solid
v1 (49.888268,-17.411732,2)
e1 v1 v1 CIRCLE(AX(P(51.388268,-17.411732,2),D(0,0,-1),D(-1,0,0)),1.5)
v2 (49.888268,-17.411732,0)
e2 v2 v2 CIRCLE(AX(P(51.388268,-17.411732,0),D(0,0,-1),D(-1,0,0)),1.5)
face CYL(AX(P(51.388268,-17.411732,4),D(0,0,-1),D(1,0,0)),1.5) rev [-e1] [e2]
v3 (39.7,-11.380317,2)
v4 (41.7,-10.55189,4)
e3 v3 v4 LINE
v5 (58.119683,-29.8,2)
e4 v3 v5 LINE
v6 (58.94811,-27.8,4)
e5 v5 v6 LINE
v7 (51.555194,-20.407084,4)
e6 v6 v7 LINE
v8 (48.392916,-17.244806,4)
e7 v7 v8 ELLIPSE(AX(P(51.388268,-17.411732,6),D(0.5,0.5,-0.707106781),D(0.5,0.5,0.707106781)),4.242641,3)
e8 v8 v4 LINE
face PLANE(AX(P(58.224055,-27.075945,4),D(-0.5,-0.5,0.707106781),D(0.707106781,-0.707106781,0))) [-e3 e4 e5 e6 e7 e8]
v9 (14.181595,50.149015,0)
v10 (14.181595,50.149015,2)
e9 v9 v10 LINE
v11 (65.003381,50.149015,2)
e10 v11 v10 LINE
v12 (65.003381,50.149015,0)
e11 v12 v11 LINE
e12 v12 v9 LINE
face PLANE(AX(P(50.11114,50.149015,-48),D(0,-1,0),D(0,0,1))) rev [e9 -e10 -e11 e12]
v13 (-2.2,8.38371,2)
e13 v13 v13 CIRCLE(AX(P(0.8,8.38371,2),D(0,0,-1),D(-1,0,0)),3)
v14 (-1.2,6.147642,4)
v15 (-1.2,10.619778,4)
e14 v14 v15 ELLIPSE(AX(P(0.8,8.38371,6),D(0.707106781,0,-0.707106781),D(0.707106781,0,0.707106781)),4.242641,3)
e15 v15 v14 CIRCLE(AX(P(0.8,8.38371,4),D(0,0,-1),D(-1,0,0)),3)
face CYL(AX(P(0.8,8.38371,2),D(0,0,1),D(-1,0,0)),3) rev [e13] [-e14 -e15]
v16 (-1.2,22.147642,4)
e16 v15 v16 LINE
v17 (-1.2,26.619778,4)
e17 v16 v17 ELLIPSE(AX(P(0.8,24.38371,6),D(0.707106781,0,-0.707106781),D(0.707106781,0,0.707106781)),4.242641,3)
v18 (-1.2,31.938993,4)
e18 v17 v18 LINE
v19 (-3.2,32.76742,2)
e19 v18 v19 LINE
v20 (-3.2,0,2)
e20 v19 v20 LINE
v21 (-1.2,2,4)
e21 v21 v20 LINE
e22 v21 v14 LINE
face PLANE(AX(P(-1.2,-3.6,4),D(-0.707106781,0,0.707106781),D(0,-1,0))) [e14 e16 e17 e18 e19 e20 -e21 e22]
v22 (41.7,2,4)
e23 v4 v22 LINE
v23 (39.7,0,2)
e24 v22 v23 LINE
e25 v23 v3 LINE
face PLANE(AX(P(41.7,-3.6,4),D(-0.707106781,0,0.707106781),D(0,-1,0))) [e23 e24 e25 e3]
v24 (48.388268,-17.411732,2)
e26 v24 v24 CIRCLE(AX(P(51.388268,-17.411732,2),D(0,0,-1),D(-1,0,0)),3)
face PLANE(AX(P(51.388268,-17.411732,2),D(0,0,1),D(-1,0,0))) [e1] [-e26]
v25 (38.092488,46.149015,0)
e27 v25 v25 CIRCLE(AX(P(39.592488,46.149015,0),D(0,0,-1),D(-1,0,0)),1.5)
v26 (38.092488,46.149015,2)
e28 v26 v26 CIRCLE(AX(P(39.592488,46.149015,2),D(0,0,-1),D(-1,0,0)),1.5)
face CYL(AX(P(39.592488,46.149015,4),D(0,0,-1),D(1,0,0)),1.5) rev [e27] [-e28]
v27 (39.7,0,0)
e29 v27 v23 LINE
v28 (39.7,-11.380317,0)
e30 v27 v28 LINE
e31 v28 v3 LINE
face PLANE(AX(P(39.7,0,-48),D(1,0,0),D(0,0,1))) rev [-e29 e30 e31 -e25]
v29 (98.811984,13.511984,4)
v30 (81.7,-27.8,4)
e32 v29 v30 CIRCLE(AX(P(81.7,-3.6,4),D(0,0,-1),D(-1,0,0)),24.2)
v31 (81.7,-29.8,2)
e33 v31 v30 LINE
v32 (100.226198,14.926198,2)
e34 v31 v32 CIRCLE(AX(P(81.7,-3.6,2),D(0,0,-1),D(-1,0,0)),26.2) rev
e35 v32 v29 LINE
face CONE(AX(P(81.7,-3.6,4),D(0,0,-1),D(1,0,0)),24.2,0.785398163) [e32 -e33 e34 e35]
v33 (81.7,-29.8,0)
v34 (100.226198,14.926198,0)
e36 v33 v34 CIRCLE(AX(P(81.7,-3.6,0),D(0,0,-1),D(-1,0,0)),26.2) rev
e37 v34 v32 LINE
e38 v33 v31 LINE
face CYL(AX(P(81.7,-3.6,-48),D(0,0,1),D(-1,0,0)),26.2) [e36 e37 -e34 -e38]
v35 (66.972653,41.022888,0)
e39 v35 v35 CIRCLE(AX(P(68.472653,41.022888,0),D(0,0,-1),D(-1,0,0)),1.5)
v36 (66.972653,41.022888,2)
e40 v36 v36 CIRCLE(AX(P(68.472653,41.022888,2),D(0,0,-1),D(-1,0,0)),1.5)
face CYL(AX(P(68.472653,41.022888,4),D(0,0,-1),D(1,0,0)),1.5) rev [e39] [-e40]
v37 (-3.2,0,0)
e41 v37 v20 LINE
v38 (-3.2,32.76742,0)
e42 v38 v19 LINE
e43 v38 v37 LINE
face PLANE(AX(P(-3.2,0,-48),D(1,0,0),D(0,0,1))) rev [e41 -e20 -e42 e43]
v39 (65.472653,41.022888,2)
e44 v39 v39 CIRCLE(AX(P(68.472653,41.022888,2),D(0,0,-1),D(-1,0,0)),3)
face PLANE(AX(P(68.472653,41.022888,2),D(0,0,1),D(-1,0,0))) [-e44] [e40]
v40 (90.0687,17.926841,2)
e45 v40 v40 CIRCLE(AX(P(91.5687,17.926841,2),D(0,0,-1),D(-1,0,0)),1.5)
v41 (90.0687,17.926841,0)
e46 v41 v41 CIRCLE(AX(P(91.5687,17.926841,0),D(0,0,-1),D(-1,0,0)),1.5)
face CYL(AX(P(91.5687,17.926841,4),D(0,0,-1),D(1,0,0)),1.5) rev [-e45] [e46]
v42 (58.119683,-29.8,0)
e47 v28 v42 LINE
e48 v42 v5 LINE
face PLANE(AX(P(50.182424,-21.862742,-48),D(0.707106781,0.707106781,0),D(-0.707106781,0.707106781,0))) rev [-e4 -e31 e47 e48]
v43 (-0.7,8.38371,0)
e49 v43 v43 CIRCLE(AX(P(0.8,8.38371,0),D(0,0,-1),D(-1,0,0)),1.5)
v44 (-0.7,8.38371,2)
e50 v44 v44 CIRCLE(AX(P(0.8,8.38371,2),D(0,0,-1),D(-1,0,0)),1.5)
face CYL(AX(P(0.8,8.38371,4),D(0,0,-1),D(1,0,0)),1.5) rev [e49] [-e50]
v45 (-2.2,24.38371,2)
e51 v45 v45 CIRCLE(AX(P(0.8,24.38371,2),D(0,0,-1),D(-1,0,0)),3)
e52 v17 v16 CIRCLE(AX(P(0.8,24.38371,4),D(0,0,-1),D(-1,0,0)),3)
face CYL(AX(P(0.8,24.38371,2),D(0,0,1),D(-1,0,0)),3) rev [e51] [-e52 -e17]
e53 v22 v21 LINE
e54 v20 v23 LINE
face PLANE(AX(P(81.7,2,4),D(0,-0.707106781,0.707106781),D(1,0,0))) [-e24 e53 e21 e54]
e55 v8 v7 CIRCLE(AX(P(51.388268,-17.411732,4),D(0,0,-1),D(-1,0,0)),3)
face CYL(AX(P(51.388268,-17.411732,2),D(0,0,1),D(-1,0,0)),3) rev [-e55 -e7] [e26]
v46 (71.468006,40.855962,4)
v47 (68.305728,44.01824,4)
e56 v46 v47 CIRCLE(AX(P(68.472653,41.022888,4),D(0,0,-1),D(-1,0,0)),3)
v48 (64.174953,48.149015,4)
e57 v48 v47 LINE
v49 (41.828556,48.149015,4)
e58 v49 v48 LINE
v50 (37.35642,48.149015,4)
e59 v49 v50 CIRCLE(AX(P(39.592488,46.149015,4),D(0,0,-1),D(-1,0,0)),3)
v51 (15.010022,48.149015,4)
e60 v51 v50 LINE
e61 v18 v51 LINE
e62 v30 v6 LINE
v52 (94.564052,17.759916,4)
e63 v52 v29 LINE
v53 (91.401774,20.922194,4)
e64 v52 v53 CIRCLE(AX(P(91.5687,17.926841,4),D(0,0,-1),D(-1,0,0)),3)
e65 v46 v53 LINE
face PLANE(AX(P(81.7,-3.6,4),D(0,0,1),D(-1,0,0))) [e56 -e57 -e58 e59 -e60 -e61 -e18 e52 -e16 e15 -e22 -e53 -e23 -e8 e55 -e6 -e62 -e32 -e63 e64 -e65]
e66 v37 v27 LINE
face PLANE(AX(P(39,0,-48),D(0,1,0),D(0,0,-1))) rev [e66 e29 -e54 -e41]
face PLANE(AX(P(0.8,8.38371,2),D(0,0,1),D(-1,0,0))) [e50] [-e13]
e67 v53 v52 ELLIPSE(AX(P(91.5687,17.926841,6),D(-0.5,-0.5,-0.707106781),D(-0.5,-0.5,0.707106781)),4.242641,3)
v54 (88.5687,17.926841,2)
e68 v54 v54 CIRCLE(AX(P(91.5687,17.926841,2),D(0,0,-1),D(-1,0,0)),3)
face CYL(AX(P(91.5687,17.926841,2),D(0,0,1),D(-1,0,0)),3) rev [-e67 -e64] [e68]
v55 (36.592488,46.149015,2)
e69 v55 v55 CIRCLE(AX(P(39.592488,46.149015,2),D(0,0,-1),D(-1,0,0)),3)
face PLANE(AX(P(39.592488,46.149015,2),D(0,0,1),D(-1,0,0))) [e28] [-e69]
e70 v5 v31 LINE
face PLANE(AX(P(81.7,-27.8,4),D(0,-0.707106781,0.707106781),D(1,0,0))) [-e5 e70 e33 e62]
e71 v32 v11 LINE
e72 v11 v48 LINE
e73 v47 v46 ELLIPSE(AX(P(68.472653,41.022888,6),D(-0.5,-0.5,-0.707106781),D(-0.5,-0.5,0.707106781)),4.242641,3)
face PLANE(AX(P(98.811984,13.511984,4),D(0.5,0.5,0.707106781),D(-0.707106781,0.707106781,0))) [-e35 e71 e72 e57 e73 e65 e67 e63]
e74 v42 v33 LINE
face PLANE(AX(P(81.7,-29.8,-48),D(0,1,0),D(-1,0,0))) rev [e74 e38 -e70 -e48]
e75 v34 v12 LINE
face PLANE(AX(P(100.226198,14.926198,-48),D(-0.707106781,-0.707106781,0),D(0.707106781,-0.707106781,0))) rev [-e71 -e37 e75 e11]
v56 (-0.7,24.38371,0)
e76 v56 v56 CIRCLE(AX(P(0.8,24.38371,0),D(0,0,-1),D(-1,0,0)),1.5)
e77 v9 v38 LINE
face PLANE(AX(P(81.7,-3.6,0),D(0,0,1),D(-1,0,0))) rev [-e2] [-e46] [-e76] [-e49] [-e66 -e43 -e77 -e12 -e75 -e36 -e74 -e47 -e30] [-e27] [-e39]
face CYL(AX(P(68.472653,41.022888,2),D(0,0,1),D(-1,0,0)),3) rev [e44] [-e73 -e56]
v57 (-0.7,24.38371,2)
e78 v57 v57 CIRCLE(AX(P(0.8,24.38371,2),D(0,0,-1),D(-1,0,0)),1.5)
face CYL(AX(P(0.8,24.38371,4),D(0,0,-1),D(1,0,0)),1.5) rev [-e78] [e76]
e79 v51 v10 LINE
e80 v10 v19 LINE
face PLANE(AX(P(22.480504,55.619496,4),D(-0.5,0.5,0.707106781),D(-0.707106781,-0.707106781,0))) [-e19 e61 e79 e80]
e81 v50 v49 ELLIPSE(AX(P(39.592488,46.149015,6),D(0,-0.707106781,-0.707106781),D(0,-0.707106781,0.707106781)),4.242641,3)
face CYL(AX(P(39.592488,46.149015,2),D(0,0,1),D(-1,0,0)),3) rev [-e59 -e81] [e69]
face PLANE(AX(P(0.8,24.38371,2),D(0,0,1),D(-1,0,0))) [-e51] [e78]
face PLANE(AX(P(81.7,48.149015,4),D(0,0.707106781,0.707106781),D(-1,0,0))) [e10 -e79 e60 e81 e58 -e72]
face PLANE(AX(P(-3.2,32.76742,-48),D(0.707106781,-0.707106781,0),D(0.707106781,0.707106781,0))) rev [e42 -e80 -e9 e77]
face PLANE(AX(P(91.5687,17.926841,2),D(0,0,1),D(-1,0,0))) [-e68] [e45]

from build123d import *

# Parameters (mm, degrees)
RESSALTO_EXTRUS_O1_DEPTH = 48
ESBO_O12_R               = 1.5
CORTE_EXTRUS_O10_DEPTH   = 10
ESBO_O13_R               = 1.5
CORTE_EXTRUS_O11_DEPTH   = 10
ESBO_O14_R               = 1.5
CORTE_EXTRUS_O12_DEPTH   = 10
ESBO_O15_R               = 1.5
CORTE_EXTRUS_O13_DEPTH   = 10
CORTE_EXTRUS_O14_DEPTH   = 10
ESBO_O17_R               = 4
ESBO_O17_W               = 2.8
ESBO_O17_H               = 2.8
RESSALTO_EXTRUS_O2_DEPTH = 4
ESBO_O18_R               = 1.5
RESSALTO_EXTRUS_O3_DEPTH = 4
CHANFRO1_SIZE            = 2
CORTE_EXTRUS_O15_DEPTH   = 48
ESBO_O20_R               = 3
CORTE_EXTRUS_O16_DEPTH   = 2
CORTE_EXTRUS_O17_DEPTH   = 10


with BuildPart() as part:
    # Model → Ressalto-extrusão1 (new body)
    with BuildSketch(Plane.XY):
        with BuildLine():
            Line((-0.7, 0), (39, 0))
            Line((39, 0), (39.7, 0))
            Line((39.7, 0), (39.7, -11.380317396))
            Line((39.7, -11.380317396), (50.182424304, -21.8627417))
            Line((50.182424304, -21.8627417), (58.119682605, -29.8))
            Line((58.119682605, -29.8), (81.7, -29.8))
            ThreePointArc((81.7, -29.8), (105.905643752, -13.626305928), (100.226197667, 14.926197667))
            Line((100.226197667, 14.926197667), (65.00338056, 50.149014774))
            Line((65.00338056, 50.149014774), (50.111140335, 50.149014774))
            Line((50.111140335, 50.149014774), (14.181595121, 50.149014774))
            Line((14.181595121, 50.149014774), (-3.2, 32.767419653))
            Line((-3.2, 32.767419653), (-3.2, 5))
            Line((-3.2, 5), (-3.2, 0))
            Line((-3.2, 0), (-0.7, 0))
        make_face()
        with BuildLine():
            Line((-0.7, 2.5), (39, 2.5))
            Line((39, 2.5), (39.7, 2.5))
            Line((39.7, 2.5), (42.2, 2.5))
            Line((42.2, 2.5), (42.2, -10.34478349))
            Line((42.2, -10.34478349), (51.950191257, -20.094974747))
            Line((51.950191257, -20.094974747), (59.15521651, -27.3))
            Line((59.15521651, -27.3), (81.7, -27.3))
            ThreePointArc((81.7, -27.3), (103.595944921, -12.669597347), (98.458430714, 13.158430714))
            Line((98.458430714, 13.158430714), (63.967846654, 47.649014774))
            Line((63.967846654, 47.649014774), (50.111140335, 47.649014774))
            Line((50.111140335, 47.649014774), (15.217129027, 47.649014774))
            Line((15.217129027, 47.649014774), (-0.7, 31.731885747))
            Line((-0.7, 31.731885747), (-0.7, 2.5))
        make_face(mode=Mode.SUBTRACT)
    extrude(amount=RESSALTO_EXTRUS_O1_DEPTH)

    # Esboço12 → Corte-extrusão10 (cut)
    with BuildSketch(Plane(origin=(57.576197667, 57.576197667, 0), x_dir=(0, 0, -1), z_dir=(0.707106781, 0.707106781, 0))):
        with Locations((-44, -19.409915607)):
            Circle(ESBO_O12_R)
        with Locations((-44, -51.409915607)):
            Circle(ESBO_O12_R)
    extrude(amount=-CORTE_EXTRUS_O10_DEPTH, mode=Mode.SUBTRACT)

    # Esboço13 → Corte-extrusão11 (cut)
    with BuildSketch(Plane(origin=(0, 50.149014774, 0), x_dir=(1, 0, 0), z_dir=(0, 1, 0))):
        with Locations((39.59248784, -44)):
            Circle(ESBO_O13_R)
    extrude(amount=-CORTE_EXTRUS_O11_DEPTH, mode=Mode.SUBTRACT)

    # Esboço14 → Corte-extrusão12 (cut)
    with BuildSketch(Plane.ZY.offset(3.2)):
        with Locations((44, 24.383709827)):
            Circle(ESBO_O14_R)
        with Locations((44, 8.383709827)):
            Circle(ESBO_O14_R)
    extrude(amount=-CORTE_EXTRUS_O12_DEPTH, mode=Mode.SUBTRACT)

    # Esboço15 → Corte-extrusão13 (cut)
    with BuildSketch(Plane(origin=(14.159841302, 14.159841302, 0), x_dir=(0, 0, 1), z_dir=(-0.707106781, -0.707106781, 0))):
        with Locations((44, -48.648946546)):
            Circle(ESBO_O15_R)
    extrude(amount=-CORTE_EXTRUS_O13_DEPTH, mode=Mode.SUBTRACT)

    # Esboço16 → Corte-extrusão14 (cut)
    with BuildSketch(Plane.XY.offset(48)):
        Polygon((39.7, 0), (39.7, -2), (42.2, -2), (42.2, 2.5), (-0.7, 2.5), (-0.7, 0), align=None)
    extrude(amount=-CORTE_EXTRUS_O14_DEPTH, mode=Mode.SUBTRACT)

    # Esboço17 → Ressalto-extrusão2 (add)
    with BuildSketch(Plane(origin=(0, 0, 0), x_dir=(-1, 0, 0), z_dir=(0, 0, -1))):
        with Locations((-91.100070488, 18.395470597)):
            Circle(ESBO_O17_R)
        with Locations((-91.100070488, 18.395470597)):
            Rectangle(ESBO_O17_W, ESBO_O17_H, mode=Mode.SUBTRACT)
        with Locations((-68.47265349, 41.022887595)):
            Circle(ESBO_O17_R)
        with Locations((-68.47265349, 41.022887595)):
            Rectangle(ESBO_O17_W, ESBO_O17_H, mode=Mode.SUBTRACT)
        with Locations((-39.59248784, 46.149014774)):
            Circle(ESBO_O17_R)
        with Locations((-39.59248784, 46.149014774)):
            Rectangle(ESBO_O17_W, ESBO_O17_H, mode=Mode.SUBTRACT)
        with Locations((-0.8, 24.383709827)):
            Circle(ESBO_O17_R)
        with Locations((-0.8, 24.383709827)):
            Rectangle(ESBO_O17_W, ESBO_O17_H, mode=Mode.SUBTRACT)
        with Locations((-0.8, 8.383709827)):
            Circle(ESBO_O17_R)
        with Locations((-0.8, 8.383709827)):
            Rectangle(ESBO_O17_W, ESBO_O17_H, mode=Mode.SUBTRACT)
        with Locations((-51.388268427, -17.411731573)):
            Circle(ESBO_O17_R)
        with Locations((-51.388268427, -17.411731573)):
            Rectangle(ESBO_O17_W, ESBO_O17_H, mode=Mode.SUBTRACT)
    extrude(amount=-RESSALTO_EXTRUS_O2_DEPTH)

    # Esboço18 → Ressalto-extrusão3 (add)
    with BuildSketch(Plane(origin=(0, 0, 0), x_dir=(-1, 0, 0), z_dir=(0, 0, -1))):
        with BuildLine():
            Line((-65.00338056, 50.149014774), (-14.181595121, 50.149014774))
            Line((-14.181595121, 50.149014774), (3.2, 32.767419653))
            Line((3.2, 32.767419653), (3.2, 0))
            Line((3.2, 0), (-39.7, 0))
            Line((-39.7, 0), (-39.7, -11.380317396))
            Line((-39.7, -11.380317396), (-58.119682605, -29.8))
            Line((-58.119682605, -29.8), (-81.7, -29.8))
            ThreePointArc((-81.7, -29.8), (-105.905643752, -13.626305928), (-100.226197667, 14.926197667))
            Line((-100.226197667, 14.926197667), (-65.00338056, 50.149014774))
        make_face()
        with Locations((-91.568699638, 17.926841447)):
            Circle(ESBO_O18_R, mode=Mode.SUBTRACT)
        with Locations((-68.47265349, 41.022887595)):
            Circle(ESBO_O18_R, mode=Mode.SUBTRACT)
        with Locations((-39.59248784, 46.149014774)):
            Circle(ESBO_O18_R, mode=Mode.SUBTRACT)
        with Locations((-0.8, 24.383709827)):
            Circle(ESBO_O18_R, mode=Mode.SUBTRACT)
        with Locations((-51.388268427, -17.411731573)):
            Circle(ESBO_O18_R, mode=Mode.SUBTRACT)
        with Locations((-0.8, 8.383709827)):
            Circle(ESBO_O18_R, mode=Mode.SUBTRACT)
    extrude(amount=RESSALTO_EXTRUS_O3_DEPTH)

    # Chanfro1
    chanfro1_edges = [part.edges().sort_by_distance(p)[0] for p in [
        (82.614789114, 32.53760622, -4),
        (105.905643752, -13.626305928, -4),
        (69.909841302, -29.8, -4),
        (48.909841302, -20.590158698, -4),
        (39.7, -5.690158698, -4),
        (18.25, 0, -4),
        (-3.2, 16.383709827, -4),
        (5.49079756, 41.458217213, -4),
        (39.59248784, 50.149014774, -4),
    ]]
    chamfer(chanfro1_edges, length=CHANFRO1_SIZE)

    # Esboço19 → Corte-extrusão15 (cut)
    with BuildSketch(Plane.XY.offset(48)):
        with BuildLine():
            Line((65.00338056, 50.149014774), (14.181595121, 50.149014774))
            Line((14.181595121, 50.149014774), (-3.2, 32.767419653))
            Line((-3.2, 32.767419653), (-3.2, 0))
            Line((-3.2, 0), (39.7, 0))
            Line((39.7, 0), (39.7, -11.380317396))
            Line((39.7, -11.380317396), (58.119682605, -29.8))
            Line((58.119682605, -29.8), (81.7, -29.8))
            ThreePointArc((81.7, -29.8), (105.905643752, -13.626305928), (100.226197667, 14.926197667))
            Line((100.226197667, 14.926197667), (65.00338056, 50.149014774))
        make_face()
    extrude(amount=-CORTE_EXTRUS_O15_DEPTH, mode=Mode.SUBTRACT)

    # Esboço20 → Corte-extrusão16 (cut)
    with BuildSketch(Plane(origin=(0, 0, -4), x_dir=(-1, 0, 0), z_dir=(0, 0, -1))):
        with Locations((-0.8, 24.383709827)):
            Circle(ESBO_O20_R)
        with Locations((-0.8, 8.383709827)):
            Circle(ESBO_O20_R)
        with Locations((-39.59248784, 46.149014774)):
            Circle(ESBO_O20_R)
        with Locations((-68.47265349, 41.022887595)):
            Circle(ESBO_O20_R)
        with Locations((-51.388268427, -17.411731573)):
            Circle(ESBO_O20_R)
        with Locations((-91.568699638, 17.926841447)):
            Circle(ESBO_O20_R)
    extrude(amount=-CORTE_EXTRUS_O16_DEPTH, mode=Mode.SUBTRACT)


with BuildPart() as body_2:
    # Espelhar1: mirrored copy
    add(part.part.mirror(Plane(origin=(81.7, -3.6, 0), x_dir=(1, 0, 0), z_dir=(0, 0, -1))))


with BuildPart() as part_1:
    add(part.part)

    # Esboço21 → Corte-extrusão17 (cut)
    with BuildSketch(Plane.XY):
        with BuildLine():
            Line((100.226197667, 14.926197667), (65.00338056, 50.149014774))
            Line((65.00338056, 50.149014774), (14.181595121, 50.149014774))
            Line((14.181595121, 50.149014774), (-3.2, 32.767419653))
            Line((-3.2, 32.767419653), (-3.2, 0))
            Line((-3.2, 0), (39.7, 0))
            Line((39.7, 0), (39.7, -11.380317396))
            Line((39.7, -11.380317396), (58.119682605, -29.8))
            Line((58.119682605, -29.8), (81.7, -29.8))
            ThreePointArc((81.7, -29.8), (105.905643752, -13.626305928), (100.226197667, 14.926197667))
        make_face()
    extrude(amount=-CORTE_EXTRUS_O17_DEPTH, mode=Mode.SUBTRACT)


solid = body_2.part
